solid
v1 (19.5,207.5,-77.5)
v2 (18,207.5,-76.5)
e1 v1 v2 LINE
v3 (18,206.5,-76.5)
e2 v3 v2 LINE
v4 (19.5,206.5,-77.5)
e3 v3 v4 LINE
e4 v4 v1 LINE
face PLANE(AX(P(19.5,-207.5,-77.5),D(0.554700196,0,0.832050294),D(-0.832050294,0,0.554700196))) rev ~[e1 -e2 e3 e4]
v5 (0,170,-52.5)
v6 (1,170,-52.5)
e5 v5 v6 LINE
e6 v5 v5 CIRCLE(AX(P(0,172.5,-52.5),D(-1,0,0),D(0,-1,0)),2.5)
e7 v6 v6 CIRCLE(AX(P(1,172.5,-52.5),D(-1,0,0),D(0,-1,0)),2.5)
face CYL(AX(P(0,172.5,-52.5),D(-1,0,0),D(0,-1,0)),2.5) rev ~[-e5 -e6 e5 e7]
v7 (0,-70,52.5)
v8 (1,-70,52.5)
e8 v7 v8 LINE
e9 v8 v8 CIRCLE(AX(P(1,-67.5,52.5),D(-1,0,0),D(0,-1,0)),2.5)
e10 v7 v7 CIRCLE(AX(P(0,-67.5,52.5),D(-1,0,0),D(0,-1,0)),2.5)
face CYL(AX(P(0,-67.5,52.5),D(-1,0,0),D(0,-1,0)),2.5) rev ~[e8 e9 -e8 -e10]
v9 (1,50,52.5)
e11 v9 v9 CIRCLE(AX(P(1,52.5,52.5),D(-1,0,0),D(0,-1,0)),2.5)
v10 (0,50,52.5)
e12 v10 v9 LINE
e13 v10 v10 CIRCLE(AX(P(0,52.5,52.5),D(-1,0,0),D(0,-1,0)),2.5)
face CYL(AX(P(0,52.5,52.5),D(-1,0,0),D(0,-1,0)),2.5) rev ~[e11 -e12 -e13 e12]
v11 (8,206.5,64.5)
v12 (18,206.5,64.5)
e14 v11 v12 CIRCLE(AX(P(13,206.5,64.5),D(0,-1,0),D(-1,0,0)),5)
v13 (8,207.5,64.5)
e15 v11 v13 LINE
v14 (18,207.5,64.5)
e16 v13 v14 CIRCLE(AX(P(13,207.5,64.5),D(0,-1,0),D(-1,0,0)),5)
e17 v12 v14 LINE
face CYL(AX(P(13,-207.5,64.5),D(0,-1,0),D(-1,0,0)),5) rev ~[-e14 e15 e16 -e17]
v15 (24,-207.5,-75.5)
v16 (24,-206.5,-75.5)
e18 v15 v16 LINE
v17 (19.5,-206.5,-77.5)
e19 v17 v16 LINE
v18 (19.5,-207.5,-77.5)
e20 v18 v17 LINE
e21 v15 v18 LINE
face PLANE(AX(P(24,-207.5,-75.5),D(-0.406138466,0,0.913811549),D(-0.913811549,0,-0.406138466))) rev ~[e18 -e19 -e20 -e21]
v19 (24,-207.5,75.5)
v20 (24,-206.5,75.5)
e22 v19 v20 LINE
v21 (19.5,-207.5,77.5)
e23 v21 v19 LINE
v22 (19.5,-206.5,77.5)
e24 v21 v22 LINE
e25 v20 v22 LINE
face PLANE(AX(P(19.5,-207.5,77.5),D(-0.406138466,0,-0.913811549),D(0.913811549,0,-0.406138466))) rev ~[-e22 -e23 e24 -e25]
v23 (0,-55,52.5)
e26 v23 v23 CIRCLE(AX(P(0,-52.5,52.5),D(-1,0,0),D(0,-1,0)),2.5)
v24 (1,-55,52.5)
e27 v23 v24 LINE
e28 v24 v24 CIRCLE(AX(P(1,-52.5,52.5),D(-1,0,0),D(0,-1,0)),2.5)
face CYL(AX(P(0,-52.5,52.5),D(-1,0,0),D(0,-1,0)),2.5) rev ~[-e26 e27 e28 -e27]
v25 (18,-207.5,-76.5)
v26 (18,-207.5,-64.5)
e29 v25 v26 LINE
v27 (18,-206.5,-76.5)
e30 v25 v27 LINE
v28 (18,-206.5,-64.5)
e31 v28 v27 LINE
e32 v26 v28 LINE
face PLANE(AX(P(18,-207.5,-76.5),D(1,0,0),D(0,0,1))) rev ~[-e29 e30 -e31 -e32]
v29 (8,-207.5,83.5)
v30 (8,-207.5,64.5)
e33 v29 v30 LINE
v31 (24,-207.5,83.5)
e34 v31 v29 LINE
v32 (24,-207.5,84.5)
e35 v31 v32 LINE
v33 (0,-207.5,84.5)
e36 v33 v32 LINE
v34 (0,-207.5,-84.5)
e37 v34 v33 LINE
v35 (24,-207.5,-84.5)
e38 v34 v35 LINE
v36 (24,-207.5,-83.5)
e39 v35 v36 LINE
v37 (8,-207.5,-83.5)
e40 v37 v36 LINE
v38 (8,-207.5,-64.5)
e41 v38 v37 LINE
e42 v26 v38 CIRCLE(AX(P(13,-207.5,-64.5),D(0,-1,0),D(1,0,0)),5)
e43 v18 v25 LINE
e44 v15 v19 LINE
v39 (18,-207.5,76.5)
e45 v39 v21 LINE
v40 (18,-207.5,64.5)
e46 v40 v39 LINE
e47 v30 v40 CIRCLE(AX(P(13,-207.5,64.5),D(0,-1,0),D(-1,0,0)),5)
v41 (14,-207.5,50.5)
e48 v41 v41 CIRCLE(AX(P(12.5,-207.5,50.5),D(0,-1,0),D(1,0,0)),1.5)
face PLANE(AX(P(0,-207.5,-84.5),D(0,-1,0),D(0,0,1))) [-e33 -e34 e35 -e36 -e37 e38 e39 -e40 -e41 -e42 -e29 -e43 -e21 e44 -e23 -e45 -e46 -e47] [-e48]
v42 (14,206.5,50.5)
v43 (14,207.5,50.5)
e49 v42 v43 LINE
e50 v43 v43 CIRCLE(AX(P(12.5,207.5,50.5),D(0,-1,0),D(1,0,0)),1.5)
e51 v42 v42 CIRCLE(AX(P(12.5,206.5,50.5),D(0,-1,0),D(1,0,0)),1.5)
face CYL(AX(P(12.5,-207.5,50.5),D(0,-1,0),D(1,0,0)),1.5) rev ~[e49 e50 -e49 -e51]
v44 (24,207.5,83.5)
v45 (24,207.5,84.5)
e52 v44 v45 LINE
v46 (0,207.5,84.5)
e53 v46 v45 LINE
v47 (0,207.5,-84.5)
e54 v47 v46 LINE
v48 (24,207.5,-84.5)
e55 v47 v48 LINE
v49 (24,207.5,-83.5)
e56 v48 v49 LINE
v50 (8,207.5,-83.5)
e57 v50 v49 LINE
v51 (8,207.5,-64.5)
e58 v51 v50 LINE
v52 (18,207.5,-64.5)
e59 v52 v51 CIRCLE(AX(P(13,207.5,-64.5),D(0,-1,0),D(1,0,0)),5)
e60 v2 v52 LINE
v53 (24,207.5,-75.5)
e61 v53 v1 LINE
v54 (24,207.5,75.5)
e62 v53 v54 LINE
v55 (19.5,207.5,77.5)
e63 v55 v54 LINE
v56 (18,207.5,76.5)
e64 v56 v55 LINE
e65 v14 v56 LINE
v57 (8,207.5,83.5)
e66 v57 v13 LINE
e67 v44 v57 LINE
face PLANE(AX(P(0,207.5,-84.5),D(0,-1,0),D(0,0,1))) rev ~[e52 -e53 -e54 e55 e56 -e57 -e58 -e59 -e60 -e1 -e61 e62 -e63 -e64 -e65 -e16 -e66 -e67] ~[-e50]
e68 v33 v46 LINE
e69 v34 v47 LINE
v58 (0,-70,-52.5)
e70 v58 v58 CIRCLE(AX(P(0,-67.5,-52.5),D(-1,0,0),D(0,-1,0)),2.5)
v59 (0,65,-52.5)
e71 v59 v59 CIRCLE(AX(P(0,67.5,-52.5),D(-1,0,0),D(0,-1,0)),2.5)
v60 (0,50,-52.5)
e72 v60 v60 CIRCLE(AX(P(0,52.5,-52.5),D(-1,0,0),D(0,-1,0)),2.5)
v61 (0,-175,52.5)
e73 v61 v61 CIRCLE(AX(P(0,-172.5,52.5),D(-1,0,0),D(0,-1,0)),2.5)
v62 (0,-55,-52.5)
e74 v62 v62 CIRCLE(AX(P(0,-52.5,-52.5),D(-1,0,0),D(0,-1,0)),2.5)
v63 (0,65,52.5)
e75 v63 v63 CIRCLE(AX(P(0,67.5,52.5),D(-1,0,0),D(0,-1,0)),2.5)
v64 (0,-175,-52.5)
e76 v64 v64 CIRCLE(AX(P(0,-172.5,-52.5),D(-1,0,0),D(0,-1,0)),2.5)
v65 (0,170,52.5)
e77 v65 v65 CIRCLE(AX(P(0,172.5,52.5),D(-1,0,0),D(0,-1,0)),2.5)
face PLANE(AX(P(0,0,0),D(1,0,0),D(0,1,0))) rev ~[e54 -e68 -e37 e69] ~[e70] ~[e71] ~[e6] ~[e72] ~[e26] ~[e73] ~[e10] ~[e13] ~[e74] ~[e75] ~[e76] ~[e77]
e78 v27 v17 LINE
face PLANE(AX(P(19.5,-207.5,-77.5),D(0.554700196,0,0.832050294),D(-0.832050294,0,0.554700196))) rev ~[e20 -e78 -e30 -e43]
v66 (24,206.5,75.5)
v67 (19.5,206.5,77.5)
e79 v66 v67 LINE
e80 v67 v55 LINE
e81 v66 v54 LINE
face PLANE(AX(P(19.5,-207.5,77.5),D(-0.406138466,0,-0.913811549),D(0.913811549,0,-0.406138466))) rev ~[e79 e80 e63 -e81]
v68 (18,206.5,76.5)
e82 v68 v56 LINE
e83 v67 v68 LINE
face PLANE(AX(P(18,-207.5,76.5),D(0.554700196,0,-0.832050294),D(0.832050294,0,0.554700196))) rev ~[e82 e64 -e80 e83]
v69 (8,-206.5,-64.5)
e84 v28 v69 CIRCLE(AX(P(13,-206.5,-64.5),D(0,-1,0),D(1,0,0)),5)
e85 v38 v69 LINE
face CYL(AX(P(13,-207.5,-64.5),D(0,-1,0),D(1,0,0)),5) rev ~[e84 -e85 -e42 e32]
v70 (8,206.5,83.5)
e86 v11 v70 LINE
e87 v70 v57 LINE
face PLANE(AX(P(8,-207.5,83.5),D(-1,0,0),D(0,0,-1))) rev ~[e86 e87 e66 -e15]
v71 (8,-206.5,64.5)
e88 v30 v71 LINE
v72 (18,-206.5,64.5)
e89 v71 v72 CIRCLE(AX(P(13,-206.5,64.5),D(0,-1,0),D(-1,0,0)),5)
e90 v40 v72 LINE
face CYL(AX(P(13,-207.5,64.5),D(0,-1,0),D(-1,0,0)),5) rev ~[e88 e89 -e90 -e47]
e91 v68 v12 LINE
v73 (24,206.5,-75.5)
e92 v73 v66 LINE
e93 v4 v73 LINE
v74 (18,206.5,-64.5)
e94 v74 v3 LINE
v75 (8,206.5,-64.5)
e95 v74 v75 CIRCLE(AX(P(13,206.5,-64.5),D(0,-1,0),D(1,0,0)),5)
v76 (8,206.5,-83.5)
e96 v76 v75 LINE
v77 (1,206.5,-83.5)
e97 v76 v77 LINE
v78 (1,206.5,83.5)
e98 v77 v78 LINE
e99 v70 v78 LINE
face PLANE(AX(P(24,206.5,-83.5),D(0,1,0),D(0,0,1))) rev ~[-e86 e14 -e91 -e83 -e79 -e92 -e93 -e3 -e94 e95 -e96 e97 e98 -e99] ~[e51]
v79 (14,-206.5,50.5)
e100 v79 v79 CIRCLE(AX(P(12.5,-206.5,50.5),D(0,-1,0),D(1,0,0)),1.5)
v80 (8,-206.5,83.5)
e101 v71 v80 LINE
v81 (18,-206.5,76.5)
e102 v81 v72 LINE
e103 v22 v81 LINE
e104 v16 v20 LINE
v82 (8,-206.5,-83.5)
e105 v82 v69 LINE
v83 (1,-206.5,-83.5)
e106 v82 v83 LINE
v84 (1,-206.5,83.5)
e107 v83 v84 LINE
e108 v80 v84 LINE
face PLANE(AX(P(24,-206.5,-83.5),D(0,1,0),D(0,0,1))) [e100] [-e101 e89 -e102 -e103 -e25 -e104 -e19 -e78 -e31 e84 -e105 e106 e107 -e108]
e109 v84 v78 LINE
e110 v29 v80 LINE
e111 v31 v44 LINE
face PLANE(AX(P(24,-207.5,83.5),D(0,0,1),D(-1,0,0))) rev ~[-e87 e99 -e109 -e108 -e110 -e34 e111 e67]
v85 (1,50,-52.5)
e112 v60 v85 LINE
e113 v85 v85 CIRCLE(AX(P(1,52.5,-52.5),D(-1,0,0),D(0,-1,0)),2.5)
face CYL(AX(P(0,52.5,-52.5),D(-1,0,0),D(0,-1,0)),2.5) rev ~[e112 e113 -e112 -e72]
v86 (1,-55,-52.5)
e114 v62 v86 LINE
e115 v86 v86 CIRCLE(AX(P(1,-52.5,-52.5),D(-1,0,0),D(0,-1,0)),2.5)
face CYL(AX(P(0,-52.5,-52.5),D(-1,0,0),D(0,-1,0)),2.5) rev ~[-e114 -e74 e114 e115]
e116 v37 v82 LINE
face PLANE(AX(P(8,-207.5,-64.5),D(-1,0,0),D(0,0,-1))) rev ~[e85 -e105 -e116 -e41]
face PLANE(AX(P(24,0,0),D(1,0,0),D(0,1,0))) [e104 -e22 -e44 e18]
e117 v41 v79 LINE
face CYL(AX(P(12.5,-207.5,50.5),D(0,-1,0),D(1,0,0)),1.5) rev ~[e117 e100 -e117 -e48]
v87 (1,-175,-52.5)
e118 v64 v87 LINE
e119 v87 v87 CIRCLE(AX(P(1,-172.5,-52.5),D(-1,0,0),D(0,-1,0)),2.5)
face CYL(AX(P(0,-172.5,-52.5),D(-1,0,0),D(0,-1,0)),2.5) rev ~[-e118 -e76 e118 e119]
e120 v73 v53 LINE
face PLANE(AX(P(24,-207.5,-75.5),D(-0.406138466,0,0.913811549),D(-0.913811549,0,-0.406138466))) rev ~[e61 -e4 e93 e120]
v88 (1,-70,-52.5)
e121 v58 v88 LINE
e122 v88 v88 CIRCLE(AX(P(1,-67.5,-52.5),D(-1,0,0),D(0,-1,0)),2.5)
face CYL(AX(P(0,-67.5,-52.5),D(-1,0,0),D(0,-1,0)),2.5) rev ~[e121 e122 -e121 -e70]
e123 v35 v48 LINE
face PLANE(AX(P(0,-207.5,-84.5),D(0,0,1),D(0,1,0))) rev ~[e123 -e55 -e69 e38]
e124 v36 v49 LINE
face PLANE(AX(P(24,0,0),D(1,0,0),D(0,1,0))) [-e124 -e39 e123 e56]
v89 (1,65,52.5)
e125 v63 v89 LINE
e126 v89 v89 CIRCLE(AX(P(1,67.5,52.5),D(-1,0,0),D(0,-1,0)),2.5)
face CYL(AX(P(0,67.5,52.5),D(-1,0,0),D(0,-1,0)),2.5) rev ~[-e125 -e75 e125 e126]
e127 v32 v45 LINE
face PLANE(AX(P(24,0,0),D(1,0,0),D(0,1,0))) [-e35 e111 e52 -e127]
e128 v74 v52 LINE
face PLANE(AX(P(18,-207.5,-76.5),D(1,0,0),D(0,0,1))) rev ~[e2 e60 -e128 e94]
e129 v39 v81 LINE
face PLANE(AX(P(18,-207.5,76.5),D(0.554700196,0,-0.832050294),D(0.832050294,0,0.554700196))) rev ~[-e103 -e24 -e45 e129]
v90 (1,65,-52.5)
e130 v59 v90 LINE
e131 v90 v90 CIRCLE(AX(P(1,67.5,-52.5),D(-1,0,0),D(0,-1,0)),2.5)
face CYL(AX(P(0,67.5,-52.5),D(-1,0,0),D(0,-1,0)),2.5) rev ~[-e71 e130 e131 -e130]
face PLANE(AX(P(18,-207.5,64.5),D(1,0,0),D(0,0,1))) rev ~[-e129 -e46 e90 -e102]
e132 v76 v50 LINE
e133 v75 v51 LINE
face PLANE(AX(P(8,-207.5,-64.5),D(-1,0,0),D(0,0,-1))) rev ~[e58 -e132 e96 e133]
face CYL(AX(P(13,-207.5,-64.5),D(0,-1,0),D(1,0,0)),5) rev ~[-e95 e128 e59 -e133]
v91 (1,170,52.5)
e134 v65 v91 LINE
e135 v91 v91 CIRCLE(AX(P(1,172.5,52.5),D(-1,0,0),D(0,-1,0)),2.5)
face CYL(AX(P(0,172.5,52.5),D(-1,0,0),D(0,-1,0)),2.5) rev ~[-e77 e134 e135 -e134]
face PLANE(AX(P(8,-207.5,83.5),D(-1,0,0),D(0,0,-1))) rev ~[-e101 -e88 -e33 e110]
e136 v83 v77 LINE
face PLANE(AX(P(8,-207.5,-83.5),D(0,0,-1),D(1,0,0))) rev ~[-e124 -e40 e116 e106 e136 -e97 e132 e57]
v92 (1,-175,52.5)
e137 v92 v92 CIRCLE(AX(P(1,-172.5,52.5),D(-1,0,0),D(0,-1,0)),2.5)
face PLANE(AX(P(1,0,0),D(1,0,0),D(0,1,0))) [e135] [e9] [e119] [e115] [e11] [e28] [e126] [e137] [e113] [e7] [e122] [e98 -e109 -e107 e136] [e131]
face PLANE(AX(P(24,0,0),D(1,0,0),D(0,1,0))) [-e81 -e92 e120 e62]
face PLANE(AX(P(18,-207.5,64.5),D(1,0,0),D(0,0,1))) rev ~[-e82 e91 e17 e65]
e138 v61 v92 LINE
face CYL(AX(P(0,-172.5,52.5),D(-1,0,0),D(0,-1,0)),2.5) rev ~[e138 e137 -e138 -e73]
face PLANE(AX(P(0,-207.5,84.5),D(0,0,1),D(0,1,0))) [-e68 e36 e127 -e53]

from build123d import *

# Parameters (mm, degrees)
F0_W     = 415
F0_H     = 169
F1_DEPTH = 24
F2_W     = 413
F2_H     = 167
F3_DEPTH = 23
F5_DEPTH = 415.001
F6_R     = 1.5
F7_DEPTH = 415.001
F8_R     = 2.5
F9_DEPTH = 1


with BuildPart() as f1:
    # F0 (on Right) → F1 (new body)
    with BuildSketch(Plane.YZ):
        Rectangle(F0_W, F0_H)
    extrude(amount=F1_DEPTH)

    # F2 (on face) → F3 (cut)
    with BuildSketch(Plane.YZ.offset(24)):
        Rectangle(F2_W, F2_H)
    extrude(amount=-F3_DEPTH, mode=Mode.SUBTRACT)

    # F4 (on face) → F5 (cut, through all)
    with BuildSketch(Plane.XZ.offset(207.5)):
        with BuildLine():
            Line((8, -83.5), (24, -83.5))
            Line((24, -83.5), (24, -75.5))
            Line((24, -75.5), (19.5, -77.5))
            Line((19.5, -77.5), (18, -76.5))
            Line((18, -76.5), (18, -64.5))
            ThreePointArc((18, -64.5), (13, -59.5), (8, -64.5))
            Line((8, -64.5), (8, -83.5))
        make_face()
        with BuildLine():
            Line((18, 64.5), (18, 76.5))
            Line((18, 76.5), (19.5, 77.5))
            Line((19.5, 77.5), (24, 75.5))
            Line((24, 75.5), (24, 83.5))
            Line((24, 83.5), (8, 83.5))
            Line((8, 83.5), (8, 64.5))
            ThreePointArc((8, 64.5), (13, 59.5), (18, 64.5))
        make_face()
    extrude(amount=-F5_DEPTH, mode=Mode.SUBTRACT)

    # F6 (on face) → F7 (cut, through all)
    with BuildSketch(Plane.XZ.offset(207.5)):
        with Locations((12.5, 50.5)):
            Circle(F6_R)
    extrude(amount=-F7_DEPTH, mode=Mode.SUBTRACT)

    # F8 (on face) → F9 (cut, through all)
    with BuildSketch(Plane(origin=(0, 0, 0), x_dir=(0, -1, 0), z_dir=(-1, 0, 0))):
        with Locations((-172.5, 52.5)):
            Circle(F8_R)
        with Locations((-67.5, 52.5)):
            Circle(F8_R)
        with Locations((-52.5, 52.5)):
            Circle(F8_R)
        with Locations((-67.5, -52.5)):
            Circle(F8_R)
        with Locations((-172.5, -52.5)):
            Circle(F8_R)
        with Locations((-52.5, -52.5)):
            Circle(F8_R)
        with Locations((67.5, -52.5)):
            Circle(F8_R)
        with Locations((52.5, 52.5)):
            Circle(F8_R)
        with Locations((67.5, 52.5)):
            Circle(F8_R)
        with Locations((172.5, 52.5)):
            Circle(F8_R)
        with Locations((172.5, -52.5)):
            Circle(F8_R)
        with Locations((52.5, -52.5)):
            Circle(F8_R)
    extrude(amount=-F9_DEPTH, mode=Mode.SUBTRACT)


solid = f1.part
